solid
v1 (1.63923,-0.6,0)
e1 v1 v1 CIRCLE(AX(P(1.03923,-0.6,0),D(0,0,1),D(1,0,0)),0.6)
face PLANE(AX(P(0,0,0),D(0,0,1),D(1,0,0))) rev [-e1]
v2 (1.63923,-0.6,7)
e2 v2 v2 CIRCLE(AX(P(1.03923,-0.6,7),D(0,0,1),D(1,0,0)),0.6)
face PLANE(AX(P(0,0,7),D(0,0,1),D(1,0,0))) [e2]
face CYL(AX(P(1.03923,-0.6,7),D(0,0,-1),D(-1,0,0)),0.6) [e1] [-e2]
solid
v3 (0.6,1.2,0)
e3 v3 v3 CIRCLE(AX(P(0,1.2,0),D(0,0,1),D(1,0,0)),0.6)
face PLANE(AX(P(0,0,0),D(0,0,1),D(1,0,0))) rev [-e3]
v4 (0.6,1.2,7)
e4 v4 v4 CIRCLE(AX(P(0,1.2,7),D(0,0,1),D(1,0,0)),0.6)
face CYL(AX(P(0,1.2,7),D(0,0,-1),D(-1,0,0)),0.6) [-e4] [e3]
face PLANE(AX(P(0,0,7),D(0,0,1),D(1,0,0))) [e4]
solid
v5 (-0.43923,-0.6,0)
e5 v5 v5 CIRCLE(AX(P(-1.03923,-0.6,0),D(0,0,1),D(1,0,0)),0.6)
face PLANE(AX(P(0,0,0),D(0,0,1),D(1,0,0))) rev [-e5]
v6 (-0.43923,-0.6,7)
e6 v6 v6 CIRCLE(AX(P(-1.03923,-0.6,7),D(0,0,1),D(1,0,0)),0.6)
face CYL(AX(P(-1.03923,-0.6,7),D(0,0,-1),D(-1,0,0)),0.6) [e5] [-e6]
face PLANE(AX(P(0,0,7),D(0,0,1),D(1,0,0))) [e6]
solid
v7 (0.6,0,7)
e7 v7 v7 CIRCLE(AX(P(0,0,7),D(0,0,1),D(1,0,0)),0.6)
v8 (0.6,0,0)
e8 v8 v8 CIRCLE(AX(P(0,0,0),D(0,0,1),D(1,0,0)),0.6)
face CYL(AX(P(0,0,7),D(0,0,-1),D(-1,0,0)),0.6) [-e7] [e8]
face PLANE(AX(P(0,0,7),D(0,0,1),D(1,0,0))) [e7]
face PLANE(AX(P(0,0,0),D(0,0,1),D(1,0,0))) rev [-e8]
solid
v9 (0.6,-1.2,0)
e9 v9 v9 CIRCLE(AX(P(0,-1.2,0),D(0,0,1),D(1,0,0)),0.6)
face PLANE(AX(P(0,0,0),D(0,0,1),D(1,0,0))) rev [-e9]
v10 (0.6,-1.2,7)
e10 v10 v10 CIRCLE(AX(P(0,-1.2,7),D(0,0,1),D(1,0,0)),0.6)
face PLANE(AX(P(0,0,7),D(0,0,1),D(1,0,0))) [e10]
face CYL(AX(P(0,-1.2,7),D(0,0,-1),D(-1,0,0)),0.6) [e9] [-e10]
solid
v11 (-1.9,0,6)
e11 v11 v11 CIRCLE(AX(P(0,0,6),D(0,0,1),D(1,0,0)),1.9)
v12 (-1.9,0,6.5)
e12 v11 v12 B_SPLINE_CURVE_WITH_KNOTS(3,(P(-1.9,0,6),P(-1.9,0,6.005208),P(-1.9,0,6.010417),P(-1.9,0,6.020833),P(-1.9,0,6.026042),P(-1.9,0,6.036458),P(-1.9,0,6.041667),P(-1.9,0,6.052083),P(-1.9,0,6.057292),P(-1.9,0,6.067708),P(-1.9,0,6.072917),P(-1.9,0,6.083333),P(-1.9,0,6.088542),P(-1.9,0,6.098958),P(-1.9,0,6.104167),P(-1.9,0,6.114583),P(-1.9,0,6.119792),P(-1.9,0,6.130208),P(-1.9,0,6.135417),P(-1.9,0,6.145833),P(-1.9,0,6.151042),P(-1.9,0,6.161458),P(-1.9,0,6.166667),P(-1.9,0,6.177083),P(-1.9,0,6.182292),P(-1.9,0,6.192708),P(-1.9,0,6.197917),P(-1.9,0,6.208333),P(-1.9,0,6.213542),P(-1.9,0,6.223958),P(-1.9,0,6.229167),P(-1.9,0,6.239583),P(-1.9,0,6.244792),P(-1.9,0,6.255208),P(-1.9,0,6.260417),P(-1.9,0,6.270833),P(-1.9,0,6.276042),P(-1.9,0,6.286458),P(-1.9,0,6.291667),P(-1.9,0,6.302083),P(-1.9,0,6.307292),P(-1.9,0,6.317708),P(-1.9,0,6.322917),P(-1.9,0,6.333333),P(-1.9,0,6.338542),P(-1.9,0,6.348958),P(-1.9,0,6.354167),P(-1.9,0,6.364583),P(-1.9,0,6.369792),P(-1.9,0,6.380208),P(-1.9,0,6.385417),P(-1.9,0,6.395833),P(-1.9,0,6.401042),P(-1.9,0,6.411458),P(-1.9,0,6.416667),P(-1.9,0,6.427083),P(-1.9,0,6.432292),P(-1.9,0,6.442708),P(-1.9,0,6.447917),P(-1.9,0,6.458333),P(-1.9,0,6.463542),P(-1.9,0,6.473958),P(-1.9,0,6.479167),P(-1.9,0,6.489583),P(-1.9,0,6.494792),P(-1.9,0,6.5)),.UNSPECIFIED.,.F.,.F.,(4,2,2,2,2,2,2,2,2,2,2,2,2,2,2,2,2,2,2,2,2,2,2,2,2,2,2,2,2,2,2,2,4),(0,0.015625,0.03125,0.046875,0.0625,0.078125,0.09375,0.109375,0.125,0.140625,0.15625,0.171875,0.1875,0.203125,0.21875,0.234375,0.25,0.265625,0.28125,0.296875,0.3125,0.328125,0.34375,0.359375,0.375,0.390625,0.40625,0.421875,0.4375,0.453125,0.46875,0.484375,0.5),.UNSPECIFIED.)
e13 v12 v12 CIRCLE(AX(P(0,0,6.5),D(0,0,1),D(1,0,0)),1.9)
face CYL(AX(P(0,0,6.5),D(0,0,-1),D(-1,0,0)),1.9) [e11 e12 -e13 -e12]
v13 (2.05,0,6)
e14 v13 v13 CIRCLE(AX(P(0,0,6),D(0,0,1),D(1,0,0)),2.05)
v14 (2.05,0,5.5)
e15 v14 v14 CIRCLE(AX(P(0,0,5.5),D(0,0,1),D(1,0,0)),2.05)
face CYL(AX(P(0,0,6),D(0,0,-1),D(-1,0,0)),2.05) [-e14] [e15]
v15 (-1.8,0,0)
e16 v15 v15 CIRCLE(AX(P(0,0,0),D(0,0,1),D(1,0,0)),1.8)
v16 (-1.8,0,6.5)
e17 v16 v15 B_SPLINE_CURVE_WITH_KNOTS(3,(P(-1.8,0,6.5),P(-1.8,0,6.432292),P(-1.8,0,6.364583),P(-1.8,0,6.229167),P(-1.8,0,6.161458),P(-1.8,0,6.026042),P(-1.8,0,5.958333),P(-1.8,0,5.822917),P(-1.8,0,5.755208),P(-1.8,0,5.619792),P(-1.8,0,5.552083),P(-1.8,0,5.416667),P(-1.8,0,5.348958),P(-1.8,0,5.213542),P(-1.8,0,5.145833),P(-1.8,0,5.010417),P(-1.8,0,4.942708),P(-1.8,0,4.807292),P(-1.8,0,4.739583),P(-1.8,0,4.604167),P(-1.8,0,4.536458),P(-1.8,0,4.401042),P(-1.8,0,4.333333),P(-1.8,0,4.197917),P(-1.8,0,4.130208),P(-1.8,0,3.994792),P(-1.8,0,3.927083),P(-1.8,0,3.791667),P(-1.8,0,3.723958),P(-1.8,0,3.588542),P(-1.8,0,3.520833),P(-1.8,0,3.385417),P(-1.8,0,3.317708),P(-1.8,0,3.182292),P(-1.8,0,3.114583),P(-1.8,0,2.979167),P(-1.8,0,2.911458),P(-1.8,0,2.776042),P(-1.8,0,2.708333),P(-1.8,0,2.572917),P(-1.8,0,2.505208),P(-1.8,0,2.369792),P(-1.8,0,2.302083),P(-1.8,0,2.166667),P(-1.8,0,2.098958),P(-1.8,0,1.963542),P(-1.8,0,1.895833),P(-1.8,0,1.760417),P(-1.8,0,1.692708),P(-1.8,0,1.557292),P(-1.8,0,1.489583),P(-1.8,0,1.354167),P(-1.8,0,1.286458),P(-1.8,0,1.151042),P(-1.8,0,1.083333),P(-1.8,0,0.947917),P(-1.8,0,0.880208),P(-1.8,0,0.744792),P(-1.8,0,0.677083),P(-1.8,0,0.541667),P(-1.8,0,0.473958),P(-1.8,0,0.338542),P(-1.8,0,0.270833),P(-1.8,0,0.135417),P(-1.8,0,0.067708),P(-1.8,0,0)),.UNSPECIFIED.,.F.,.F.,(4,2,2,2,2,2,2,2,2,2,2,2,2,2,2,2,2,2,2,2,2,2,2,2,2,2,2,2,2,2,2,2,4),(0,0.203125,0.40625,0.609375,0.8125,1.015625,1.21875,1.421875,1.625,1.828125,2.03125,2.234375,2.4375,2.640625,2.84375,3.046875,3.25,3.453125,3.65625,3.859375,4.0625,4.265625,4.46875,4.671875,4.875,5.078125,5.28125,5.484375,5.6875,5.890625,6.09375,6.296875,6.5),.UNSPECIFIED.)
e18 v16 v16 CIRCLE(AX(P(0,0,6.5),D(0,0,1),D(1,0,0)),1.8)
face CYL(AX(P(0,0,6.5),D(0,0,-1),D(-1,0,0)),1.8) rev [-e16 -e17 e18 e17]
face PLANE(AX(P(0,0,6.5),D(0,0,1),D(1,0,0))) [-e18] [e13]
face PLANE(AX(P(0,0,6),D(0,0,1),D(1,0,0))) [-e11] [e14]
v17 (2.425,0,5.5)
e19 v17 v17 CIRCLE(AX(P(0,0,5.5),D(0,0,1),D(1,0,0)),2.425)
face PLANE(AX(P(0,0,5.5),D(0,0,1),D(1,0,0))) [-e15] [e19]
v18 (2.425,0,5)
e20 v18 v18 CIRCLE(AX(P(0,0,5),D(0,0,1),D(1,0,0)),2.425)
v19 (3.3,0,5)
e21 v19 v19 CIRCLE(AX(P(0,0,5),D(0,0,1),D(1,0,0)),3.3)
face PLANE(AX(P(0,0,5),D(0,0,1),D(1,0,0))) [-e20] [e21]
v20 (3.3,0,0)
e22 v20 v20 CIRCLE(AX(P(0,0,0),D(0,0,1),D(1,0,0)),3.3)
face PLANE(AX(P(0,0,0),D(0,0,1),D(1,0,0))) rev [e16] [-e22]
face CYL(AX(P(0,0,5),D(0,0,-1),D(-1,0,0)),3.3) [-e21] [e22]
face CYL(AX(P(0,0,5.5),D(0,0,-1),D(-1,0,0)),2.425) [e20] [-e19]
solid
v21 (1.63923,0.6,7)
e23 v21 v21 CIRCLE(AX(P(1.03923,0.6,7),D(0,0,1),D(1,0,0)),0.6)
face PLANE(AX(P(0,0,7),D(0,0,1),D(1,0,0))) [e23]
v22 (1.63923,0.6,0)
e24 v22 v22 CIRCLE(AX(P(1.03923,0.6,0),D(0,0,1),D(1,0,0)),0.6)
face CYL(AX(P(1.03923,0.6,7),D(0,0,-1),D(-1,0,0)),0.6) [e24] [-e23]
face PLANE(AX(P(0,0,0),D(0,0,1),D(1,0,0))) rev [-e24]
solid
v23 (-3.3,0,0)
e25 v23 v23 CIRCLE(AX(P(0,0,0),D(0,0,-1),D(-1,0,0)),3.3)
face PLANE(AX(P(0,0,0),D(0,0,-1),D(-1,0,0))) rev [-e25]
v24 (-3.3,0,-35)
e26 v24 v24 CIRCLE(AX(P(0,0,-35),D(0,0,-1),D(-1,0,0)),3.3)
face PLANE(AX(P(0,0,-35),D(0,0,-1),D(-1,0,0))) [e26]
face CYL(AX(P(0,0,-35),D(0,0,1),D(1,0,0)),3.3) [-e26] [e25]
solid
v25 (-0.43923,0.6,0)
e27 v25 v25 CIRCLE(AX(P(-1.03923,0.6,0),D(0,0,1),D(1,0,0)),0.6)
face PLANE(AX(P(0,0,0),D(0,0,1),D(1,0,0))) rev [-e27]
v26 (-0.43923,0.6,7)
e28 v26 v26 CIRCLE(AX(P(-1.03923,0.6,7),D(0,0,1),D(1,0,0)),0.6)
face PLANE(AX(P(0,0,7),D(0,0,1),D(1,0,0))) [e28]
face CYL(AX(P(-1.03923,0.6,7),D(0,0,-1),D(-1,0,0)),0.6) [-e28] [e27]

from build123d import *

# Parameters (mm, degrees)
IZIM1_R                       = 6.6
IZIM1_R_2                     = 4.85
Y_KSEKLIK_EKSTR_ZYON1_DEPTH   = 10
IZIM1_5_R                     = 4.85
IZIM1_5_R_2                   = 4.1
Y_KSEKLIK_EKSTR_ZYON2_DEPTH   = 11
IZIM1_6_R                     = 4.1
IZIM1_6_R_2                   = 3.8
Y_KSEKLIK_EKSTR_ZYON3_DEPTH   = 12
IZIM1_7_R                     = 3.8
Y_KSEKLIK_EKSTR_ZYON4_DEPTH   = 13
Y_KSEKLIK_EKSTR_ZYON5_DEPTH   = 14
Y_KSEKLIK_EKSTR_ZYON5_2_DEPTH = 14
Y_KSEKLIK_EKSTR_ZYON5_3_DEPTH = 14
Y_KSEKLIK_EKSTR_ZYON5_4_DEPTH = 14
Y_KSEKLIK_EKSTR_ZYON5_5_DEPTH = 14
Y_KSEKLIK_EKSTR_ZYON5_6_DEPTH = 14
Y_KSEKLIK_EKSTR_ZYON5_7_DEPTH = 14
L_EK6_SCALE                   = 0.5
IZIM3_R                       = 3.3
Y_KSEKLIK_EKSTR_ZYON8_DEPTH   = 35


with BuildPart() as part:
    # Çizim1 → Yükseklik-Ekstrüzyon1 (new body)
    with BuildSketch(Plane.XY):
        Circle(IZIM1_R)
        Circle(IZIM1_R_2, mode=Mode.SUBTRACT)
    extrude(amount=Y_KSEKLIK_EKSTR_ZYON1_DEPTH)

    # Çizim1<5> → Yükseklik-Ekstrüzyon2 (add)
    with BuildSketch(Plane.XY):
        Circle(IZIM1_5_R)
        Circle(IZIM1_5_R_2, mode=Mode.SUBTRACT)
    extrude(amount=Y_KSEKLIK_EKSTR_ZYON2_DEPTH)

    # Çizim1<6> → Yükseklik-Ekstrüzyon3 (add)
    with BuildSketch(Plane.XY):
        Circle(IZIM1_6_R)
        Circle(IZIM1_6_R_2, mode=Mode.SUBTRACT)
    extrude(amount=Y_KSEKLIK_EKSTR_ZYON3_DEPTH)

    # Çizim1<7> → Yükseklik-Ekstrüzyon4 (add)
    with BuildSketch(Plane.XY):
        Circle(IZIM1_7_R)
        with BuildLine():
            ThreePointArc((1e-09, 3.6), (1.799999837, 3.117691548), (3.117691265, 1.800000327))
            ThreePointArc((3.117691265, 1.800000327), (3.477332926, 0.931748744), (3.6, 0))
            ThreePointArc((3.6, 0), (3.477333, -0.931748466), (3.117691553, -1.799999828))
            ThreePointArc((3.117691553, -1.799999828), (1.800000078, -3.117691408), (-1.8e-08, -3.6))
            ThreePointArc((-1.8e-08, -3.6), (-1.800000027, -3.117691438), (-3.117691475, -1.799999962))
            ThreePointArc((-3.117691475, -1.799999962), (-3.6, 2.09e-07), (-3.117691266, 1.800000324))
            ThreePointArc((-3.117691266, 1.800000324), (-1.799999837, 3.117691547), (1e-09, 3.6))
        make_face(mode=Mode.SUBTRACT)
    extrude(amount=Y_KSEKLIK_EKSTR_ZYON4_DEPTH)


with BuildPart() as body_2:
    # Çizim1<8> → Yükseklik-Ekstrüzyon5 (new body)
    with BuildSketch(Plane.XY):
        with BuildLine():
            ThreePointArc((1.039230332, -0.600000264), (1.2, -2.6e-08), (1.039230358, 0.600000219))
            ThreePointArc((1.039230358, 0.600000219), (0.599999889, 1.039230548), (-2e-09, 1.2))
            ThreePointArc((-2e-09, 1.2), (-0.599999999, 1.039230485), (-1.039230482, 0.600000005))
            ThreePointArc((-1.039230482, 0.600000005), (-1.2, 6.3e-08), (-1.039230545, -0.599999895))
            ThreePointArc((-1.039230545, -0.599999895), (-0.600000053, -1.039230454), (0, -1.2))
            ThreePointArc((0, -1.2), (0.599999868, -1.039230561), (1.039230332, -0.600000264))
        make_face()
    extrude(amount=Y_KSEKLIK_EKSTR_ZYON5_DEPTH)


with BuildPart() as body_3:
    # Çizim1<8> → Y_kseklik-Ekstr_zyon5 2 (new body)
    with BuildSketch(Plane.XY):
        with BuildLine():
            ThreePointArc((1.039230359, 1.799999783), (0.878460969, 1.200000001), (1.039230358, 0.600000219))
            ThreePointArc((1.039230358, 0.600000219), (1.47846086, 0.160769579), (2.078460969, 0))
            ThreePointArc((2.078460969, 0), (3.117691391, 1.800000109), (1.039230359, 1.799999783))
        make_face()
    extrude(amount=Y_KSEKLIK_EKSTR_ZYON5_2_DEPTH)


with BuildPart() as body_4:
    # Çizim1<8> → Y_kseklik-Ekstr_zyon5 3 (new body)
    with BuildSketch(Plane.XY):
        with BuildLine():
            ThreePointArc((2.078460969, 0), (1.478460837, -0.160769592), (1.039230332, -0.600000264))
            ThreePointArc((1.039230332, -0.600000264), (0.878460969, -1.20000028), (1.039230612, -1.800000221))
            ThreePointArc((1.039230612, -1.800000221), (3.117691518, -1.799999889), (2.078460969, 0))
        make_face()
    extrude(amount=Y_KSEKLIK_EKSTR_ZYON5_3_DEPTH)


with BuildPart() as body_5:
    # Çizim1<8> → Y_kseklik-Ekstr_zyon5 4 (new body)
    with BuildSketch(Plane.XY):
        with BuildLine():
            ThreePointArc((-1.039230399, 1.799999852), (-0.599999927, 1.360769473), (-2e-09, 1.2))
            ThreePointArc((-2e-09, 1.2), (0.59999989, 1.360769452), (1.039230359, 1.799999783))
            ThreePointArc((1.039230359, 1.799999783), (4e-08, 3.6), (-1.039230399, 1.799999852))
        make_face()
    extrude(amount=Y_KSEKLIK_EKSTR_ZYON5_4_DEPTH)


with BuildPart() as body_6:
    # Çizim1<8> → Y_kseklik-Ekstr_zyon5 5 (new body)
    with BuildSketch(Plane.XY):
        with BuildLine():
            ThreePointArc((1.039230612, -1.800000221), (0.600000111, -1.360769579), (0, -1.2))
            ThreePointArc((0, -1.2), (-0.59999994, -1.360769481), (-1.039230415, -1.79999988))
            ThreePointArc((-1.039230415, -1.79999988), (-1.97e-07, -3.6), (1.039230612, -1.800000221))
        make_face()
    extrude(amount=Y_KSEKLIK_EKSTR_ZYON5_5_DEPTH)


with BuildPart() as body_7:
    # Çizim1<8> → Y_kseklik-Ekstr_zyon5 6 (new body)
    with BuildSketch(Plane.XY):
        with BuildLine():
            ThreePointArc((-2.078460966, 0), (-1.478460966, 0.160769517), (-1.039230482, 0.600000005))
            ThreePointArc((-1.039230482, 0.600000005), (-0.878460969, 1.199999917), (-1.039230399, 1.799999852))
            ThreePointArc((-1.039230399, 1.799999852), (-3.117691412, 1.800000073), (-2.078460966, 0))
        make_face()
    extrude(amount=Y_KSEKLIK_EKSTR_ZYON5_6_DEPTH)


with BuildPart() as body_8:
    # Çizim1<8> → Y_kseklik-Ekstr_zyon5 7 (new body)
    with BuildSketch(Plane.XY):
        with BuildLine():
            ThreePointArc((-1.039230415, -1.79999988), (-0.878460969, -1.19999987), (-1.039230545, -0.599999895))
            ThreePointArc((-1.039230545, -0.599999895), (-1.47846102, -0.160769486), (-2.078460966, 0))
            ThreePointArc((-2.078460966, 0), (-3.11769142, -1.800000059), (-1.039230415, -1.79999988))
        make_face()
    extrude(amount=Y_KSEKLIK_EKSTR_ZYON5_7_DEPTH)


with BuildPart() as body_4_1:
    # Ölçek6: scaled about (0, 0, 0)
    add(body_4.part.scale(L_EK6_SCALE))


with BuildPart() as body_6_1:
    # Ölçek6: scaled about (0, 0, 0)
    add(body_6.part.scale(L_EK6_SCALE))


with BuildPart() as body_8_1:
    # Ölçek6: scaled about (0, 0, 0)
    add(body_8.part.scale(L_EK6_SCALE))


with BuildPart() as body_7_1:
    # Ölçek6: scaled about (0, 0, 0)
    add(body_7.part.scale(L_EK6_SCALE))


with BuildPart() as body_2_1:
    # Ölçek6: scaled about (0, 0, 0)
    add(body_2.part.scale(L_EK6_SCALE))


with BuildPart() as body_3_1:
    # Ölçek6: scaled about (0, 0, 0)
    add(body_3.part.scale(L_EK6_SCALE))


with BuildPart() as body_5_1:
    # Ölçek6: scaled about (0, 0, 0)
    add(body_5.part.scale(L_EK6_SCALE))


with BuildPart() as part_1:
    # Ölçek6: scaled about (0, 0, 0)
    add(part.part.scale(L_EK6_SCALE))


with BuildPart() as body_9:
    # Çizim3 → Yükseklik-Ekstrüzyon8 (new body)
    with BuildSketch(Plane(origin=(0, 0, 0), x_dir=(-1, 0, 0), z_dir=(0, 0, -1))):
        Circle(IZIM3_R)
    extrude(amount=Y_KSEKLIK_EKSTR_ZYON8_DEPTH)


solid = Compound([body_4_1.part, body_6_1.part, body_8_1.part, body_7_1.part, body_2_1.part, body_3_1.part, body_5_1.part, part_1.part, body_9.part])
